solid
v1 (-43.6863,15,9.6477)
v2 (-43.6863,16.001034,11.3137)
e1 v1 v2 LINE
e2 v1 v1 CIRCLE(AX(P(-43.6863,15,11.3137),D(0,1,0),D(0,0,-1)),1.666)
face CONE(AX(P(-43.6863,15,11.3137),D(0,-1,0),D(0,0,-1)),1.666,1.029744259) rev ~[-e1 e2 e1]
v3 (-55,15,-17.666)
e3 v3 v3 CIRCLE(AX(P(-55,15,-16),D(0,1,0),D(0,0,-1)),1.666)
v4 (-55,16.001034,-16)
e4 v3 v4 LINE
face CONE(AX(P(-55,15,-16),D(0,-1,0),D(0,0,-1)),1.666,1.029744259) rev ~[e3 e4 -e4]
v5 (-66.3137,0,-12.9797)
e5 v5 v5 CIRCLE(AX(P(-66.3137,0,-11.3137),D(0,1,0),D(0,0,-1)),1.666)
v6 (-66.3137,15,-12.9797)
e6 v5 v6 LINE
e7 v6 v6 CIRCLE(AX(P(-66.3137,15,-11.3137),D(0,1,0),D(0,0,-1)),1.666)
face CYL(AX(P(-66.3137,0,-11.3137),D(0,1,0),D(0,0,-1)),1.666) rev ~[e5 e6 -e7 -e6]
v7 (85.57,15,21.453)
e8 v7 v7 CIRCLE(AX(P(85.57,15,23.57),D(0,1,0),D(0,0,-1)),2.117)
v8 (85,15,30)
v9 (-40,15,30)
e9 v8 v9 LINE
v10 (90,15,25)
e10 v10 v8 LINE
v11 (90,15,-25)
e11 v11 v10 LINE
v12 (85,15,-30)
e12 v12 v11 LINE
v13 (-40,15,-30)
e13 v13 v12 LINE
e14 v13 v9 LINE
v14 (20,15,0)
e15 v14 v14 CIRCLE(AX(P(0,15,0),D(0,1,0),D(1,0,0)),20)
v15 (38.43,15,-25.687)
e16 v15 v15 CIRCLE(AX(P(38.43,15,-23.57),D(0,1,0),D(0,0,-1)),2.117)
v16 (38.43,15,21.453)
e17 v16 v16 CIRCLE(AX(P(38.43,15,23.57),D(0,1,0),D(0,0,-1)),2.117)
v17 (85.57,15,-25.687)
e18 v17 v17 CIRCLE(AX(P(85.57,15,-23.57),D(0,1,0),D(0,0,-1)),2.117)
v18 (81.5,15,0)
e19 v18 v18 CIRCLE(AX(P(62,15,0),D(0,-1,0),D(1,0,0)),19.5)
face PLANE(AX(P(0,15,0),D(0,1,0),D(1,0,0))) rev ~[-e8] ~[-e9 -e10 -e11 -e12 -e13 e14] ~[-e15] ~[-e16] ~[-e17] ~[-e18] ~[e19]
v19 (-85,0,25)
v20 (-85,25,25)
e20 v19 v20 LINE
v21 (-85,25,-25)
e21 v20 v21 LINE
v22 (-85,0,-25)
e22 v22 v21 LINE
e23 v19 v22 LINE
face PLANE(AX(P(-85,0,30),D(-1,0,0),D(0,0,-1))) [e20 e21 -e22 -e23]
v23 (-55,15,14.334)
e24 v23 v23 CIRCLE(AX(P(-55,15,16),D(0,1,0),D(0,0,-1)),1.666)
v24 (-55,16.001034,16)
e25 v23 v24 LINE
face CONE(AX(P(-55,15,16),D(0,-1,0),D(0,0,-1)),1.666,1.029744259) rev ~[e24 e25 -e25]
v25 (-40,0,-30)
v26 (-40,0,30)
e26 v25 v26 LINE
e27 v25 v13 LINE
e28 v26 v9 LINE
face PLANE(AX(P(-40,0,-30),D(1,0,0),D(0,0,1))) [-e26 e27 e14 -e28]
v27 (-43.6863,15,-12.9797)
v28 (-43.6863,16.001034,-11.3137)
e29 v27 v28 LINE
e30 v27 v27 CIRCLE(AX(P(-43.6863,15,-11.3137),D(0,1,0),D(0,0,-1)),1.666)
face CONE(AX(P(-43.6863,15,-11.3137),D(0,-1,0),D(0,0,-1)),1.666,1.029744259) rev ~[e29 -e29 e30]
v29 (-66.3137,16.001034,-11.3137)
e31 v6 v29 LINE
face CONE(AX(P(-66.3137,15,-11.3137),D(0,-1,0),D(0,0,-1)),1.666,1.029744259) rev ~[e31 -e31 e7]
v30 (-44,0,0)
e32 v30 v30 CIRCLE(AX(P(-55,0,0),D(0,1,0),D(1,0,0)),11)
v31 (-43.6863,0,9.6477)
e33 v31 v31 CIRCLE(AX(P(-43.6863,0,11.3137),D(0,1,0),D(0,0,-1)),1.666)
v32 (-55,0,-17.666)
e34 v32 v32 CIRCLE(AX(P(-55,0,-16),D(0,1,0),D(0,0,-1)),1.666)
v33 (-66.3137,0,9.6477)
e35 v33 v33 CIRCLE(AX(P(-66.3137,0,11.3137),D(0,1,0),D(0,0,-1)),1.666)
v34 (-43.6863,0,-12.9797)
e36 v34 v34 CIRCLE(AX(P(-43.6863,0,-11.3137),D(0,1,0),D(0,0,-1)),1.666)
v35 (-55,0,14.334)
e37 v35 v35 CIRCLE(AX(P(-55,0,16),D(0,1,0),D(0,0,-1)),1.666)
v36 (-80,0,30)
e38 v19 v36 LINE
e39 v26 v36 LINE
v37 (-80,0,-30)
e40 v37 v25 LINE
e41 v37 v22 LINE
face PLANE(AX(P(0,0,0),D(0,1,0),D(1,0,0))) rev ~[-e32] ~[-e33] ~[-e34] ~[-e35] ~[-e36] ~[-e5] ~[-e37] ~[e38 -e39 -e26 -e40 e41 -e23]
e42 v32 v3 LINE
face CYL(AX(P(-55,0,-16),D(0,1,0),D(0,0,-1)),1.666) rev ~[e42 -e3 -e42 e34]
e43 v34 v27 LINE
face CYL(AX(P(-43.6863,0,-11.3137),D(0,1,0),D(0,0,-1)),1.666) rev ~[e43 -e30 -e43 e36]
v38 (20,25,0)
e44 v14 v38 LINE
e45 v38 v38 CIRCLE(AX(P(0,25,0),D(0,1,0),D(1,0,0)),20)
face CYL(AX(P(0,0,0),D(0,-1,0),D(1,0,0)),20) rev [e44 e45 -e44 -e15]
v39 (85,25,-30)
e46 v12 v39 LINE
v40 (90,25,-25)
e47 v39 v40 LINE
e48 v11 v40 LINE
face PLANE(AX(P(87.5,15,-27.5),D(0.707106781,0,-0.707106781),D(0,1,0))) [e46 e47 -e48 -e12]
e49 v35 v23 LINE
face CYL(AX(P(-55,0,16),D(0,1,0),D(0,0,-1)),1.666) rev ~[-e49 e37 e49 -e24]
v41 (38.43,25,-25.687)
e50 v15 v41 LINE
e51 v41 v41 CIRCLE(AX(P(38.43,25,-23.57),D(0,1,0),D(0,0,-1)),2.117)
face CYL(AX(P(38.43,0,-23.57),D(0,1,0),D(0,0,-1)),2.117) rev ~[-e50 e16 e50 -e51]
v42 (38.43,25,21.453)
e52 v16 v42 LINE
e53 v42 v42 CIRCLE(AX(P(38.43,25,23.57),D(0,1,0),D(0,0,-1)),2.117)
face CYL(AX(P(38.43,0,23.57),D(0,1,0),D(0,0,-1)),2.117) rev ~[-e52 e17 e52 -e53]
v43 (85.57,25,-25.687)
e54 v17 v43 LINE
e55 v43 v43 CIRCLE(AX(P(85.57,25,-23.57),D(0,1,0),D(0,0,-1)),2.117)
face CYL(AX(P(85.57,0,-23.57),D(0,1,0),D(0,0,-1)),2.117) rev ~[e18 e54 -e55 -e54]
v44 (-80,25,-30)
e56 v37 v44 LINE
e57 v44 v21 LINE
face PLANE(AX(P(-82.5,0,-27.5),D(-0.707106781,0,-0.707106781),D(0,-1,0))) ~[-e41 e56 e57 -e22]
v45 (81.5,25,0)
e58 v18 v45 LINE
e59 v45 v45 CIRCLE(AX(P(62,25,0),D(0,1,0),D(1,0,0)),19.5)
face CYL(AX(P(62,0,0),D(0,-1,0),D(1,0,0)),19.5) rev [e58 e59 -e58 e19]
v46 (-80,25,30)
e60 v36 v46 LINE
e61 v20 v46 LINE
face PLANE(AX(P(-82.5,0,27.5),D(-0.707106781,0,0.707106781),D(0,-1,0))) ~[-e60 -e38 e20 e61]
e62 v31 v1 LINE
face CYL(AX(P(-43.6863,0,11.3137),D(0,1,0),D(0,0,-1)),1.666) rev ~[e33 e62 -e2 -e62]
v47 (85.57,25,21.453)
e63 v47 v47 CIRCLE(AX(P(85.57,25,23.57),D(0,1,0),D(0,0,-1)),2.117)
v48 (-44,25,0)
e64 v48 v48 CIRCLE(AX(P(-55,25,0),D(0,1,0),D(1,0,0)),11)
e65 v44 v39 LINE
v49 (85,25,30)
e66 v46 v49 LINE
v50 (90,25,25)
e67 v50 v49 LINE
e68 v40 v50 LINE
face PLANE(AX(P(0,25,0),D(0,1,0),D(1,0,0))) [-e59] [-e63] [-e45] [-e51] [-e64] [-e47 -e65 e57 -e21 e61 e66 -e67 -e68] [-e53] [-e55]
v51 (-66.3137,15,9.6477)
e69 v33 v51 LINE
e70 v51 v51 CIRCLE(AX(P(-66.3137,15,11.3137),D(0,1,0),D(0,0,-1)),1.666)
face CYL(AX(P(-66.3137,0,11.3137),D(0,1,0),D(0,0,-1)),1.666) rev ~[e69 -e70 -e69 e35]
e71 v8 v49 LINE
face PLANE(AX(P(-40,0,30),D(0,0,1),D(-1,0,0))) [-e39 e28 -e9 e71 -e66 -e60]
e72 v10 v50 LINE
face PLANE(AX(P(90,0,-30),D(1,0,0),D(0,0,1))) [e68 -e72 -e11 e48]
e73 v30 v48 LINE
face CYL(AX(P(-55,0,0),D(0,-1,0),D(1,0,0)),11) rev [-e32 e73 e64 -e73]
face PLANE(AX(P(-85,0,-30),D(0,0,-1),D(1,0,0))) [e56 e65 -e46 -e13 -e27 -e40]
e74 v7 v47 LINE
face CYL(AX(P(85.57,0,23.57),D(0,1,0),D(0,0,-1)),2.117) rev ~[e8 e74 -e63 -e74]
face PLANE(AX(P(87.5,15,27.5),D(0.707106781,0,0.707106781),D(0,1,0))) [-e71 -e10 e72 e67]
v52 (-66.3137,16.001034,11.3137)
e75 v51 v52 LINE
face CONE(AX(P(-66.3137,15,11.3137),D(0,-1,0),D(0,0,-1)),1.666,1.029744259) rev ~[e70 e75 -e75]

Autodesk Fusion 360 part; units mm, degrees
sketch "Sketch1" plane through (0, 0, 0) normal (0, 1, 0) x (1, 0, 0)
  circle A0 centre (0, 0) radius 20
  circle A1 centre (-55, 0) radius 16 construction
  circle A2 centre (-55, 0) radius 11
  line L0 (0, 0) -> (-55, 0) construction
  line L1 (-85, 30) -> (90, 30)
  line L2 (90, 30) -> (90, -30)
  line L3 (90, -30) -> (-85, -30)
  line L4 (-85, -30) -> (-85, 30)
  line L5 (-40, 30) -> (-40, -30)
  line L6 (-66.3137, -11.3137) -> (-43.6863, 11.3137) construction
  line L7 (-66.3137, 11.3137) -> (-43.6863, -11.3137) construction
  line L8 (-55, 16) -> (-55, -16) construction
  line L9 (38.43, -23.57) -> (85.57, -23.57) construction
  line L10 (85.57, -23.57) -> (85.57, 23.57) construction
  line L11 (85.57, 23.57) -> (38.43, 23.57) construction
  line L12 (38.43, 23.57) -> (38.43, -23.57) construction
  line L13 (38.43, 23.57) -> (85.57, -23.57) construction
  circle A3 centre (62, 0) radius 19.5
  point P0 (-66.3137, 11.3137)
  point P1 (-55, 16)
  point P2 (-43.6863, 11.3137)
  point P3 (-43.6863, -11.3137)
  point P4 (-55, -16)
  point P5 (-66.3137, -11.3137)
  dimension "d1" = 32
  dimension "d2" = 22
  dimension "d3" = 55
  dimension "d4" = 40
  dimension "d5" = 60
  dimension "d6" = 30
  dimension "d7" = 90
  dimension "d8" = 15
  dimension "d9" = 45
  dimension "d20" = 47.14
  dimension "d22" = 39
  dimension "d27" = 62
extrude "Extrude1" add sketch "Sketch1" along normal blind 25
extrude "Extrude3" cut sketch "Sketch1" along normal blind 15 contours L1 L2 L3 L5 | A3
hole "Hole1" at (-66.3137, 0, 11.3137) at (-55, 0, 16) at (-66.3137, 0, -11.3137) at (-55, 0, -16) at (-43.6863, 0, -11.3137) at (-43.6863, 0, 11.3137) direction (0, 1, 0) diameter 3.332 depth 15 tip angle 118
thread "Thread1" "ISO Metric profile 4.0 M4x0.7 6H" thread offset 0 thread depth 10
hole "Hole2" at (38.43, 0, 23.57) at (38.43, 0, -23.57) at (85.57, 0, 23.57) at (85.57, 0, -23.57) direction (0, 1, 0) diameter 4.234 depth 60 tip angle 118
thread "Thread2" "ISO Metric profile 5.0 M5x0.8 6H" thread offset 0 thread depth 10
chamfer "Chamfer1" distance 5 angle 45 4 edges at (-85, 12.5, -30) (-85, 12.5, 30) (90, 20, -30) (90, 20, 30)
